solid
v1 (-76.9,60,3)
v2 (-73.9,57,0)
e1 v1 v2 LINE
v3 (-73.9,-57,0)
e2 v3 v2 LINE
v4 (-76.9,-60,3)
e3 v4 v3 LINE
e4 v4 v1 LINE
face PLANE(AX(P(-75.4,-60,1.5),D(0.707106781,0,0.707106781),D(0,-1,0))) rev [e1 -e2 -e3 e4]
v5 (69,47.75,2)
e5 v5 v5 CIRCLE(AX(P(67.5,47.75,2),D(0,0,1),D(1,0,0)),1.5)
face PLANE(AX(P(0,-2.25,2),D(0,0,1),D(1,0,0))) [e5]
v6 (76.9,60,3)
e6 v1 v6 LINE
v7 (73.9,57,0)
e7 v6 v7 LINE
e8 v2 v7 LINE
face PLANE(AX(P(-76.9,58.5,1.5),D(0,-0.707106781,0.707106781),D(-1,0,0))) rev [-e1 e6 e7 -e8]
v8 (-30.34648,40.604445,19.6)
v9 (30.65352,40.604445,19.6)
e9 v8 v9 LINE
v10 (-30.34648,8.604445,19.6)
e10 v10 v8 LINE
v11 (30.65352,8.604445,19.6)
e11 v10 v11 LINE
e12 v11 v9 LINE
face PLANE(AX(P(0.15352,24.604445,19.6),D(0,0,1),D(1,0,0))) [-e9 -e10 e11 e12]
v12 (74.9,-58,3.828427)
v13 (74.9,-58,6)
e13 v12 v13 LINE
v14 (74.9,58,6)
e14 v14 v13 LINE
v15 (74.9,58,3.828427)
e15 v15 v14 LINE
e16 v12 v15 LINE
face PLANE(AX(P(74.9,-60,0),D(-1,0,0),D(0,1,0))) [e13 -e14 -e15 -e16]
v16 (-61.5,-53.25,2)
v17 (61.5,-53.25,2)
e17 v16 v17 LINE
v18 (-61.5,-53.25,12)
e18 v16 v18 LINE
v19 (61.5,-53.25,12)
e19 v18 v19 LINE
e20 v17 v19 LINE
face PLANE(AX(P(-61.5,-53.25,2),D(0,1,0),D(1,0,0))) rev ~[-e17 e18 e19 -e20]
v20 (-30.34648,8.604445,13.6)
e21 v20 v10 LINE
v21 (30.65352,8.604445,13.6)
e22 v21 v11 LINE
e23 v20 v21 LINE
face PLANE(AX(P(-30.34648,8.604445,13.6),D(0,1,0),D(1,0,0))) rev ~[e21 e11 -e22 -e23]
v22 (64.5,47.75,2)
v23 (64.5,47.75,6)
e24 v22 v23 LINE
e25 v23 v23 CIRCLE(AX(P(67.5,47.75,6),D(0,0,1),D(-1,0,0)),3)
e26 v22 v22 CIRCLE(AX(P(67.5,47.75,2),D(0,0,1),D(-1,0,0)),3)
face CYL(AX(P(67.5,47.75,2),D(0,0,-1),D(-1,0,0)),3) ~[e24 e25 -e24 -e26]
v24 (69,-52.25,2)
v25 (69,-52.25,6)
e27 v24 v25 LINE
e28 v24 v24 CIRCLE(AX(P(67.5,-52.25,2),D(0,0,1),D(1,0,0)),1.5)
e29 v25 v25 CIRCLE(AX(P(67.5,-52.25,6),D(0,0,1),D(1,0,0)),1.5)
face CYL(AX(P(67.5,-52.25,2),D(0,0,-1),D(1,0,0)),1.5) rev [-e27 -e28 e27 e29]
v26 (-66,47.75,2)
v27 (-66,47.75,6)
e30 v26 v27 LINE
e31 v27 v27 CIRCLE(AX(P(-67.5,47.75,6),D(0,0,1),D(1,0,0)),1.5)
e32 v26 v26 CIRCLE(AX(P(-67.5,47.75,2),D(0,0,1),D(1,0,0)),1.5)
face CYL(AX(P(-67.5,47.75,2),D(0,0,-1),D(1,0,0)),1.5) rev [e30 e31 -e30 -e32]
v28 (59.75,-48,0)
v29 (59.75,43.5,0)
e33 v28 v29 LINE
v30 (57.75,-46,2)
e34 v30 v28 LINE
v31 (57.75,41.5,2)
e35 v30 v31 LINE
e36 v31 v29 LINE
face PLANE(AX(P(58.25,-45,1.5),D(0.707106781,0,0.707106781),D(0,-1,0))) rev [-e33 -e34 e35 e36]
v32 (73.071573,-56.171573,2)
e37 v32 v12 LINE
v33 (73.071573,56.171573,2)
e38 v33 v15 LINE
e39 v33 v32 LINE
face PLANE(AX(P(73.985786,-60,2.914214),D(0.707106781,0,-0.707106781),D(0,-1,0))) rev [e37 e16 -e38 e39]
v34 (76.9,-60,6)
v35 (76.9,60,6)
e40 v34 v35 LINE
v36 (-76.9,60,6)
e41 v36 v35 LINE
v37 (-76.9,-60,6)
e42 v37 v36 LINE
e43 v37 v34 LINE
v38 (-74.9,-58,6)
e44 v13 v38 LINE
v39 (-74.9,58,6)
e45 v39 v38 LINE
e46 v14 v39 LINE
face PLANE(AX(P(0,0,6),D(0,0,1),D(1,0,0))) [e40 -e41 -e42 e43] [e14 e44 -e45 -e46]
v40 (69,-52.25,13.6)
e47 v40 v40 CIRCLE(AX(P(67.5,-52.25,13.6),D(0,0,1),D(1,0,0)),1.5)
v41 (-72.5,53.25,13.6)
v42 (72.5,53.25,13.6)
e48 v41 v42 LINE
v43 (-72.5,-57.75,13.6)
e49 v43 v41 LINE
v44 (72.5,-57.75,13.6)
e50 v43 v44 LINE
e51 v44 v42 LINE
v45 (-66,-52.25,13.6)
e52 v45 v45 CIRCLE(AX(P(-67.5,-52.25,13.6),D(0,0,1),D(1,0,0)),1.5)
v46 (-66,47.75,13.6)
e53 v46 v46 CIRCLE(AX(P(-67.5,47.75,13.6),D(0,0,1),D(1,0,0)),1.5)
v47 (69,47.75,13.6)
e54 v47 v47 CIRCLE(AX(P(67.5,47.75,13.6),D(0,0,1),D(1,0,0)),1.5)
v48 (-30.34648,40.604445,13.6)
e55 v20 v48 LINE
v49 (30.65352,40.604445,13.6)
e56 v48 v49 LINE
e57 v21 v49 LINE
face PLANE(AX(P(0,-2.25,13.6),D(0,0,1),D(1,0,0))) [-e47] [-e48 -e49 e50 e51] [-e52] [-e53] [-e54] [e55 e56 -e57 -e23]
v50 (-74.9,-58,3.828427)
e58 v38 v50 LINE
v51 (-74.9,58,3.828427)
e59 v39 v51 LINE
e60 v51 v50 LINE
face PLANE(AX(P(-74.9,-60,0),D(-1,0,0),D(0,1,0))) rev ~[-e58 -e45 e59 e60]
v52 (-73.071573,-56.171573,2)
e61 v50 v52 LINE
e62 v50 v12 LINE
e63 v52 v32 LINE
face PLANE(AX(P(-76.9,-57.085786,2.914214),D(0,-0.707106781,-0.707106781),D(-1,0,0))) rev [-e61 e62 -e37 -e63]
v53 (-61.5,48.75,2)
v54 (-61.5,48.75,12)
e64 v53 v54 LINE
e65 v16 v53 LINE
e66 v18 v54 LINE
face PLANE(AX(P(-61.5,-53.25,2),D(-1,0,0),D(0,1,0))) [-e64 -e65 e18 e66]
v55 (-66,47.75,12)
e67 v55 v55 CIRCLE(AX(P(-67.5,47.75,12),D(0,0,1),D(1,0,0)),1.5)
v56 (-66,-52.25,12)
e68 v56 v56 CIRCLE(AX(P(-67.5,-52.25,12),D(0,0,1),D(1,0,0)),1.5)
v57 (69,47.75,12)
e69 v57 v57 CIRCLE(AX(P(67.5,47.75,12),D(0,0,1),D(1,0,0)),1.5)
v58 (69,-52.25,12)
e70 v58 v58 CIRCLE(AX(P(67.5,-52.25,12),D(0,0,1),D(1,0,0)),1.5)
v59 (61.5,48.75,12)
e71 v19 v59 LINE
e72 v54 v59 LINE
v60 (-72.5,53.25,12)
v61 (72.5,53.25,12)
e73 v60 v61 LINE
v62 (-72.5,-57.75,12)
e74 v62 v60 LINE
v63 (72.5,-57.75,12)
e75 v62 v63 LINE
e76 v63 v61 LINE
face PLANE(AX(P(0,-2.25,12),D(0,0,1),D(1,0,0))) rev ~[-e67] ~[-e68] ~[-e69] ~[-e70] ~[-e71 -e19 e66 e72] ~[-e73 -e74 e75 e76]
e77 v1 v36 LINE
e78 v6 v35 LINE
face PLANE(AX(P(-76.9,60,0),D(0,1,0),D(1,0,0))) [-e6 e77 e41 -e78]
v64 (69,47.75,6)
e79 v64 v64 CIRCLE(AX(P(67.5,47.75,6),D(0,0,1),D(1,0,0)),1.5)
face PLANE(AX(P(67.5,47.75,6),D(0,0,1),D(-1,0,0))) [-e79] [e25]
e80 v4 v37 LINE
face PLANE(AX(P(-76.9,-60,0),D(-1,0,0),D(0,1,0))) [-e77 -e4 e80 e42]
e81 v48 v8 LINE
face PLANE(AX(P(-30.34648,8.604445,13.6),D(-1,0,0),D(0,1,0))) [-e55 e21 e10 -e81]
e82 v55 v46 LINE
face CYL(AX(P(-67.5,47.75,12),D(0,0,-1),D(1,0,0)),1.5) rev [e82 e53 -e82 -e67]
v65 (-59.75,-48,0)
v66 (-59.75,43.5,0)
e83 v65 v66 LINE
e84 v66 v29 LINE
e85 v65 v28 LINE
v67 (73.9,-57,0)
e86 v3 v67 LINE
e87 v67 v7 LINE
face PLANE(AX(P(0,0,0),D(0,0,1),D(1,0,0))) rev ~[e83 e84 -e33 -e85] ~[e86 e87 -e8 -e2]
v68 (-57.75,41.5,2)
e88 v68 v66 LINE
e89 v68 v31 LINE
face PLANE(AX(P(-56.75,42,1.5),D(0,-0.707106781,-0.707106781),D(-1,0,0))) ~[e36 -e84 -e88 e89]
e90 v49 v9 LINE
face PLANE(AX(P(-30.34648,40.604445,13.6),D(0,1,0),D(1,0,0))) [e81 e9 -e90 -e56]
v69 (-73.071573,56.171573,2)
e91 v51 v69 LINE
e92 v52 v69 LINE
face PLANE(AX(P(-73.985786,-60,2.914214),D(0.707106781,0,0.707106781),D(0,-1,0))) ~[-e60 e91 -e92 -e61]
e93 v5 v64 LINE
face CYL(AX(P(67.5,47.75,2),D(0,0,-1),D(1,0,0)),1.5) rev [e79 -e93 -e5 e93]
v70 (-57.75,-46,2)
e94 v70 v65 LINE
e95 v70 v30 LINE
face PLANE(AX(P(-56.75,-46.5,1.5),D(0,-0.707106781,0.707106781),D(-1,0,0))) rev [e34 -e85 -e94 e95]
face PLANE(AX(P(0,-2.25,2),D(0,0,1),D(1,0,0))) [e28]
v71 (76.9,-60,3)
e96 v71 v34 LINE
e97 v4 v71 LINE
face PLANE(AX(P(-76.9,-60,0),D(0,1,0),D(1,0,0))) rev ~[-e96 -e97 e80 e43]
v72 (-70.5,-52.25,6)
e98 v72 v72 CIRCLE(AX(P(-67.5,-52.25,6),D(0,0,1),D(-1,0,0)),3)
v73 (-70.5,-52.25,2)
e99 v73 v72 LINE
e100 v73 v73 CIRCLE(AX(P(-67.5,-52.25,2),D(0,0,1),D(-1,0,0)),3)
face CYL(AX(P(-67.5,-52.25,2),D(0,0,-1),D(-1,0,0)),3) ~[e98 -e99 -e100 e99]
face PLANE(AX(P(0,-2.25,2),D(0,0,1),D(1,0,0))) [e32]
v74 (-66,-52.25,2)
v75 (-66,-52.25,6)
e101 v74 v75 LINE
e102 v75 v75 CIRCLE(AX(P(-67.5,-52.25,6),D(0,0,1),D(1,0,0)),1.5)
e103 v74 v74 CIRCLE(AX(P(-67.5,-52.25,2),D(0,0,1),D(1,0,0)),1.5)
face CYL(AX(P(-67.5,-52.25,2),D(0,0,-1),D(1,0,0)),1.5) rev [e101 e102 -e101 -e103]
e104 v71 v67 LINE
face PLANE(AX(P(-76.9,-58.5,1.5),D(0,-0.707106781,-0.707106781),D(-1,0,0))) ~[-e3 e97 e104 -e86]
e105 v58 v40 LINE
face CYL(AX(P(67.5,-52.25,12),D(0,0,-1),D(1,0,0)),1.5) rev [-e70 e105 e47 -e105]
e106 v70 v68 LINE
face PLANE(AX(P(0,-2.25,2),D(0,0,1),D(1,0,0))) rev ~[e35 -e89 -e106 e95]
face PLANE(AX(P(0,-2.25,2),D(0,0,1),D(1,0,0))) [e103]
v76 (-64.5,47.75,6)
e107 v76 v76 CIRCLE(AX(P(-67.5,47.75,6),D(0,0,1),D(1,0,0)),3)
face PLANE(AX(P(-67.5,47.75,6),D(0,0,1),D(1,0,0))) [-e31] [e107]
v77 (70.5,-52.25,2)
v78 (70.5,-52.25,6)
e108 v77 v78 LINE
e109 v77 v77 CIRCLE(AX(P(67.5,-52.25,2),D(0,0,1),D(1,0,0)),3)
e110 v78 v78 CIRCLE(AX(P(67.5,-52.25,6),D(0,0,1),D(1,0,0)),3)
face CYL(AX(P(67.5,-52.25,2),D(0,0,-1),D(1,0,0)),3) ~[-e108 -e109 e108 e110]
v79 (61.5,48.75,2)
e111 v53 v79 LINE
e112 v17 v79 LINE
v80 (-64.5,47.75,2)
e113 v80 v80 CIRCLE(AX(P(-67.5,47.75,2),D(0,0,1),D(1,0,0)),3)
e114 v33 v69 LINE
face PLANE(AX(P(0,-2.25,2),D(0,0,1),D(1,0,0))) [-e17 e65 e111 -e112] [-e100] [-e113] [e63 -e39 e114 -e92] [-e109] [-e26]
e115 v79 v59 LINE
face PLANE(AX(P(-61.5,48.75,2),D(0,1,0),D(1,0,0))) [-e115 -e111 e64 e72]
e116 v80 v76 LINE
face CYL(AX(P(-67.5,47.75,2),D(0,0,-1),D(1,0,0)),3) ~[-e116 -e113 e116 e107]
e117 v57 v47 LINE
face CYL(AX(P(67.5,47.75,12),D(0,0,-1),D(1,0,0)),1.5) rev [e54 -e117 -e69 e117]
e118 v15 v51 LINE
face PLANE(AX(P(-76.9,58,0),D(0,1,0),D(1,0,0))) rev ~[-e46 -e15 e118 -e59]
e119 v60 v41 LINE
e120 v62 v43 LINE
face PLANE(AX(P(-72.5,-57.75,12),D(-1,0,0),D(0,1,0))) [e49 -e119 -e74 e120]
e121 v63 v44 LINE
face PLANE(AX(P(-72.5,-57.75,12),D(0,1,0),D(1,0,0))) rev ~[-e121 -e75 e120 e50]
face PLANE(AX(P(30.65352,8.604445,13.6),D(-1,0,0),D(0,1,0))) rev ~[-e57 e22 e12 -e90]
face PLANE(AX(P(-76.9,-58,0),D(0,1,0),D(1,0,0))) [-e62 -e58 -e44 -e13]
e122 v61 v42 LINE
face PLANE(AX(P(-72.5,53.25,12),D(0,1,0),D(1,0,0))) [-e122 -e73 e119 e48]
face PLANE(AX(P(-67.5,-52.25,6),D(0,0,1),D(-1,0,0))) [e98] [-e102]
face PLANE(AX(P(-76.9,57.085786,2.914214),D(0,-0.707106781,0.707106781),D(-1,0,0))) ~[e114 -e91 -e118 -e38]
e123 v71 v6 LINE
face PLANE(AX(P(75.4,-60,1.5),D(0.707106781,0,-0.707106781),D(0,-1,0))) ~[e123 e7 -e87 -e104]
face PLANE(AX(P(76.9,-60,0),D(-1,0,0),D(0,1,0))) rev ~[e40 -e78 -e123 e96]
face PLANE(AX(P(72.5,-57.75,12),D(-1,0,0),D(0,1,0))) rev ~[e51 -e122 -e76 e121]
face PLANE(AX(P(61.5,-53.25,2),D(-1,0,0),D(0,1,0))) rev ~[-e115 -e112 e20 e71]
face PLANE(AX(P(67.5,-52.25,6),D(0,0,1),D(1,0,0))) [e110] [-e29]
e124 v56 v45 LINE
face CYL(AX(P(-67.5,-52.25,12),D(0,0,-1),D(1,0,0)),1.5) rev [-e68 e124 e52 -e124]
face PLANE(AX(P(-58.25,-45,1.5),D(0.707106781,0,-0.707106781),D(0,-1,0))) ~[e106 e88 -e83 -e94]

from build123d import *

# Parameters (mm, degrees)
SKETCH_1_W          = 153.8
SKETCH_1_H          = 120
SKETCH_1_W_2        = 113.5
SKETCH_1_H_2        = 85.5
EXTRUDE_1_DEPTH     = 6
CHAMFER_1_SIZE      = 3
SHELL_1_T           = -2
SKETCH_3_W          = 121.15685425
SKETCH_3_H          = 93.15685425
CUT_EXTRUDE_1_DEPTH = 4
SKETCH_4_R          = 3
SKETCH_4_R_2        = 1.5
EXTRUDE_3_DEPTH     = 4
SKETCH_2_W          = 123
SKETCH_2_H          = 102
EXTRUDE_2_DEPTH     = 10
SKETCH_5_W          = 145
SKETCH_5_H          = 111
EXTRUDE_4_DEPTH     = 1.6
CUT_EXTRUDE_START   = -1.6
SKETCH_6_R          = 1.5
CUT_EXTRUDE_2_DEPTH = 1.6
SKETCH_7_W          = 61
SKETCH_7_H          = 32
EXTRUDE_5_DEPTH     = 6


with BuildPart() as part:
    # 草图1 → 凸台-拉伸1 (new body)
    with BuildSketch(Plane.XY):
        Rectangle(SKETCH_1_W, SKETCH_1_H)
        with Locations((0, -2.25)):
            Rectangle(SKETCH_1_W_2, SKETCH_1_H_2, mode=Mode.SUBTRACT)
    extrude(amount=EXTRUDE_1_DEPTH)

    # 倒角1
    chamfer_1_edges = [part.edges().sort_by_distance(p)[0] for p in [
        (56.75, -2.25, 0),
        (0, 40.5, 0),
        (-56.75, -2.25, 0),
        (0, -45, 0),
        (0, 60, 0),
        (76.9, 0, 0),
        (0, -60, 0),
        (-76.9, 0, 0),
    ]]
    chamfer(chamfer_1_edges, length=CHAMFER_1_SIZE)

    # 抽壳1
    shell_1_openings = [part.faces().sort_by_distance(p)[0] for p in [
        (0, 58.049245274, 6),
    ]]
    offset(amount=SHELL_1_T, openings=shell_1_openings, kind=Kind.INTERSECTION)

    # 草图3 → 切除-拉伸1 (cut)
    with BuildSketch(Plane.XY.offset(6)):
        with Locations((0, -2.25)):
            Rectangle(SKETCH_3_W, SKETCH_3_H)
    extrude(amount=-CUT_EXTRUDE_1_DEPTH, mode=Mode.SUBTRACT)

    # 草图4 → 凸台-拉伸3 (add)
    # profile 1 of 4: a face of its own
    with BuildSketch(Plane.XY.offset(2)):
        with Locations((-67.5, 47.75)):
            Circle(SKETCH_4_R)
        with Locations((-67.5, 47.75)):
            Circle(SKETCH_4_R_2, mode=Mode.SUBTRACT)
    # profile 2 of 4: a face of its own
    with BuildSketch(Plane.XY.offset(2)):
        with Locations(Location((67.5, 47.75, 0), (0, 0, 180))):
            Circle(SKETCH_4_R)
        with Locations((67.5, 47.75)):
            Circle(SKETCH_4_R_2, mode=Mode.SUBTRACT)
    # profile 3 of 4: a face of its own
    with BuildSketch(Plane.XY.offset(2)):
        with Locations((67.5, -52.25)):
            Circle(SKETCH_4_R)
        with Locations((67.5, -52.25)):
            Circle(SKETCH_4_R_2, mode=Mode.SUBTRACT)
    # profile 4 of 4: a face of its own
    with BuildSketch(Plane.XY.offset(2)):
        with Locations(Location((-67.5, -52.25, 0), (0, 0, 180))):
            Circle(SKETCH_4_R)
        with Locations((-67.5, -52.25)):
            Circle(SKETCH_4_R_2, mode=Mode.SUBTRACT)
    extrude(amount=EXTRUDE_3_DEPTH)

    # 草图2 → 凸台-拉伸2 (add)
    with BuildSketch(Plane.XY.offset(2)):
        with Locations((0, -2.25)):
            Rectangle(SKETCH_2_W, SKETCH_2_H)
    extrude(amount=EXTRUDE_2_DEPTH)

    # 草图5 → 凸台-拉伸4 (add)
    with BuildSketch(Plane.XY.offset(12)):
        with Locations((0, -2.25)):
            Rectangle(SKETCH_5_W, SKETCH_5_H)
    extrude(amount=EXTRUDE_4_DEPTH)

    # 草图6 → 切除-拉伸2 (cut)
    with BuildSketch(Plane.XY.offset(13.6).offset(CUT_EXTRUDE_START)):
        with Locations((-67.5, 47.75)):
            Circle(SKETCH_6_R)
        with Locations((67.5, 47.75)):
            Circle(SKETCH_6_R)
        with Locations((67.5, -52.25)):
            Circle(SKETCH_6_R)
        with Locations((-67.5, -52.25)):
            Circle(SKETCH_6_R)
    extrude(amount=CUT_EXTRUDE_2_DEPTH, mode=Mode.SUBTRACT)

    # 草图7 → 凸台-拉伸5 (add)
    with BuildSketch(Plane.XY.offset(13.6)):
        with Locations((0.153519833, 24.604445294)):
            Rectangle(SKETCH_7_W, SKETCH_7_H)
    extrude(amount=EXTRUDE_5_DEPTH)


solid = part.part
